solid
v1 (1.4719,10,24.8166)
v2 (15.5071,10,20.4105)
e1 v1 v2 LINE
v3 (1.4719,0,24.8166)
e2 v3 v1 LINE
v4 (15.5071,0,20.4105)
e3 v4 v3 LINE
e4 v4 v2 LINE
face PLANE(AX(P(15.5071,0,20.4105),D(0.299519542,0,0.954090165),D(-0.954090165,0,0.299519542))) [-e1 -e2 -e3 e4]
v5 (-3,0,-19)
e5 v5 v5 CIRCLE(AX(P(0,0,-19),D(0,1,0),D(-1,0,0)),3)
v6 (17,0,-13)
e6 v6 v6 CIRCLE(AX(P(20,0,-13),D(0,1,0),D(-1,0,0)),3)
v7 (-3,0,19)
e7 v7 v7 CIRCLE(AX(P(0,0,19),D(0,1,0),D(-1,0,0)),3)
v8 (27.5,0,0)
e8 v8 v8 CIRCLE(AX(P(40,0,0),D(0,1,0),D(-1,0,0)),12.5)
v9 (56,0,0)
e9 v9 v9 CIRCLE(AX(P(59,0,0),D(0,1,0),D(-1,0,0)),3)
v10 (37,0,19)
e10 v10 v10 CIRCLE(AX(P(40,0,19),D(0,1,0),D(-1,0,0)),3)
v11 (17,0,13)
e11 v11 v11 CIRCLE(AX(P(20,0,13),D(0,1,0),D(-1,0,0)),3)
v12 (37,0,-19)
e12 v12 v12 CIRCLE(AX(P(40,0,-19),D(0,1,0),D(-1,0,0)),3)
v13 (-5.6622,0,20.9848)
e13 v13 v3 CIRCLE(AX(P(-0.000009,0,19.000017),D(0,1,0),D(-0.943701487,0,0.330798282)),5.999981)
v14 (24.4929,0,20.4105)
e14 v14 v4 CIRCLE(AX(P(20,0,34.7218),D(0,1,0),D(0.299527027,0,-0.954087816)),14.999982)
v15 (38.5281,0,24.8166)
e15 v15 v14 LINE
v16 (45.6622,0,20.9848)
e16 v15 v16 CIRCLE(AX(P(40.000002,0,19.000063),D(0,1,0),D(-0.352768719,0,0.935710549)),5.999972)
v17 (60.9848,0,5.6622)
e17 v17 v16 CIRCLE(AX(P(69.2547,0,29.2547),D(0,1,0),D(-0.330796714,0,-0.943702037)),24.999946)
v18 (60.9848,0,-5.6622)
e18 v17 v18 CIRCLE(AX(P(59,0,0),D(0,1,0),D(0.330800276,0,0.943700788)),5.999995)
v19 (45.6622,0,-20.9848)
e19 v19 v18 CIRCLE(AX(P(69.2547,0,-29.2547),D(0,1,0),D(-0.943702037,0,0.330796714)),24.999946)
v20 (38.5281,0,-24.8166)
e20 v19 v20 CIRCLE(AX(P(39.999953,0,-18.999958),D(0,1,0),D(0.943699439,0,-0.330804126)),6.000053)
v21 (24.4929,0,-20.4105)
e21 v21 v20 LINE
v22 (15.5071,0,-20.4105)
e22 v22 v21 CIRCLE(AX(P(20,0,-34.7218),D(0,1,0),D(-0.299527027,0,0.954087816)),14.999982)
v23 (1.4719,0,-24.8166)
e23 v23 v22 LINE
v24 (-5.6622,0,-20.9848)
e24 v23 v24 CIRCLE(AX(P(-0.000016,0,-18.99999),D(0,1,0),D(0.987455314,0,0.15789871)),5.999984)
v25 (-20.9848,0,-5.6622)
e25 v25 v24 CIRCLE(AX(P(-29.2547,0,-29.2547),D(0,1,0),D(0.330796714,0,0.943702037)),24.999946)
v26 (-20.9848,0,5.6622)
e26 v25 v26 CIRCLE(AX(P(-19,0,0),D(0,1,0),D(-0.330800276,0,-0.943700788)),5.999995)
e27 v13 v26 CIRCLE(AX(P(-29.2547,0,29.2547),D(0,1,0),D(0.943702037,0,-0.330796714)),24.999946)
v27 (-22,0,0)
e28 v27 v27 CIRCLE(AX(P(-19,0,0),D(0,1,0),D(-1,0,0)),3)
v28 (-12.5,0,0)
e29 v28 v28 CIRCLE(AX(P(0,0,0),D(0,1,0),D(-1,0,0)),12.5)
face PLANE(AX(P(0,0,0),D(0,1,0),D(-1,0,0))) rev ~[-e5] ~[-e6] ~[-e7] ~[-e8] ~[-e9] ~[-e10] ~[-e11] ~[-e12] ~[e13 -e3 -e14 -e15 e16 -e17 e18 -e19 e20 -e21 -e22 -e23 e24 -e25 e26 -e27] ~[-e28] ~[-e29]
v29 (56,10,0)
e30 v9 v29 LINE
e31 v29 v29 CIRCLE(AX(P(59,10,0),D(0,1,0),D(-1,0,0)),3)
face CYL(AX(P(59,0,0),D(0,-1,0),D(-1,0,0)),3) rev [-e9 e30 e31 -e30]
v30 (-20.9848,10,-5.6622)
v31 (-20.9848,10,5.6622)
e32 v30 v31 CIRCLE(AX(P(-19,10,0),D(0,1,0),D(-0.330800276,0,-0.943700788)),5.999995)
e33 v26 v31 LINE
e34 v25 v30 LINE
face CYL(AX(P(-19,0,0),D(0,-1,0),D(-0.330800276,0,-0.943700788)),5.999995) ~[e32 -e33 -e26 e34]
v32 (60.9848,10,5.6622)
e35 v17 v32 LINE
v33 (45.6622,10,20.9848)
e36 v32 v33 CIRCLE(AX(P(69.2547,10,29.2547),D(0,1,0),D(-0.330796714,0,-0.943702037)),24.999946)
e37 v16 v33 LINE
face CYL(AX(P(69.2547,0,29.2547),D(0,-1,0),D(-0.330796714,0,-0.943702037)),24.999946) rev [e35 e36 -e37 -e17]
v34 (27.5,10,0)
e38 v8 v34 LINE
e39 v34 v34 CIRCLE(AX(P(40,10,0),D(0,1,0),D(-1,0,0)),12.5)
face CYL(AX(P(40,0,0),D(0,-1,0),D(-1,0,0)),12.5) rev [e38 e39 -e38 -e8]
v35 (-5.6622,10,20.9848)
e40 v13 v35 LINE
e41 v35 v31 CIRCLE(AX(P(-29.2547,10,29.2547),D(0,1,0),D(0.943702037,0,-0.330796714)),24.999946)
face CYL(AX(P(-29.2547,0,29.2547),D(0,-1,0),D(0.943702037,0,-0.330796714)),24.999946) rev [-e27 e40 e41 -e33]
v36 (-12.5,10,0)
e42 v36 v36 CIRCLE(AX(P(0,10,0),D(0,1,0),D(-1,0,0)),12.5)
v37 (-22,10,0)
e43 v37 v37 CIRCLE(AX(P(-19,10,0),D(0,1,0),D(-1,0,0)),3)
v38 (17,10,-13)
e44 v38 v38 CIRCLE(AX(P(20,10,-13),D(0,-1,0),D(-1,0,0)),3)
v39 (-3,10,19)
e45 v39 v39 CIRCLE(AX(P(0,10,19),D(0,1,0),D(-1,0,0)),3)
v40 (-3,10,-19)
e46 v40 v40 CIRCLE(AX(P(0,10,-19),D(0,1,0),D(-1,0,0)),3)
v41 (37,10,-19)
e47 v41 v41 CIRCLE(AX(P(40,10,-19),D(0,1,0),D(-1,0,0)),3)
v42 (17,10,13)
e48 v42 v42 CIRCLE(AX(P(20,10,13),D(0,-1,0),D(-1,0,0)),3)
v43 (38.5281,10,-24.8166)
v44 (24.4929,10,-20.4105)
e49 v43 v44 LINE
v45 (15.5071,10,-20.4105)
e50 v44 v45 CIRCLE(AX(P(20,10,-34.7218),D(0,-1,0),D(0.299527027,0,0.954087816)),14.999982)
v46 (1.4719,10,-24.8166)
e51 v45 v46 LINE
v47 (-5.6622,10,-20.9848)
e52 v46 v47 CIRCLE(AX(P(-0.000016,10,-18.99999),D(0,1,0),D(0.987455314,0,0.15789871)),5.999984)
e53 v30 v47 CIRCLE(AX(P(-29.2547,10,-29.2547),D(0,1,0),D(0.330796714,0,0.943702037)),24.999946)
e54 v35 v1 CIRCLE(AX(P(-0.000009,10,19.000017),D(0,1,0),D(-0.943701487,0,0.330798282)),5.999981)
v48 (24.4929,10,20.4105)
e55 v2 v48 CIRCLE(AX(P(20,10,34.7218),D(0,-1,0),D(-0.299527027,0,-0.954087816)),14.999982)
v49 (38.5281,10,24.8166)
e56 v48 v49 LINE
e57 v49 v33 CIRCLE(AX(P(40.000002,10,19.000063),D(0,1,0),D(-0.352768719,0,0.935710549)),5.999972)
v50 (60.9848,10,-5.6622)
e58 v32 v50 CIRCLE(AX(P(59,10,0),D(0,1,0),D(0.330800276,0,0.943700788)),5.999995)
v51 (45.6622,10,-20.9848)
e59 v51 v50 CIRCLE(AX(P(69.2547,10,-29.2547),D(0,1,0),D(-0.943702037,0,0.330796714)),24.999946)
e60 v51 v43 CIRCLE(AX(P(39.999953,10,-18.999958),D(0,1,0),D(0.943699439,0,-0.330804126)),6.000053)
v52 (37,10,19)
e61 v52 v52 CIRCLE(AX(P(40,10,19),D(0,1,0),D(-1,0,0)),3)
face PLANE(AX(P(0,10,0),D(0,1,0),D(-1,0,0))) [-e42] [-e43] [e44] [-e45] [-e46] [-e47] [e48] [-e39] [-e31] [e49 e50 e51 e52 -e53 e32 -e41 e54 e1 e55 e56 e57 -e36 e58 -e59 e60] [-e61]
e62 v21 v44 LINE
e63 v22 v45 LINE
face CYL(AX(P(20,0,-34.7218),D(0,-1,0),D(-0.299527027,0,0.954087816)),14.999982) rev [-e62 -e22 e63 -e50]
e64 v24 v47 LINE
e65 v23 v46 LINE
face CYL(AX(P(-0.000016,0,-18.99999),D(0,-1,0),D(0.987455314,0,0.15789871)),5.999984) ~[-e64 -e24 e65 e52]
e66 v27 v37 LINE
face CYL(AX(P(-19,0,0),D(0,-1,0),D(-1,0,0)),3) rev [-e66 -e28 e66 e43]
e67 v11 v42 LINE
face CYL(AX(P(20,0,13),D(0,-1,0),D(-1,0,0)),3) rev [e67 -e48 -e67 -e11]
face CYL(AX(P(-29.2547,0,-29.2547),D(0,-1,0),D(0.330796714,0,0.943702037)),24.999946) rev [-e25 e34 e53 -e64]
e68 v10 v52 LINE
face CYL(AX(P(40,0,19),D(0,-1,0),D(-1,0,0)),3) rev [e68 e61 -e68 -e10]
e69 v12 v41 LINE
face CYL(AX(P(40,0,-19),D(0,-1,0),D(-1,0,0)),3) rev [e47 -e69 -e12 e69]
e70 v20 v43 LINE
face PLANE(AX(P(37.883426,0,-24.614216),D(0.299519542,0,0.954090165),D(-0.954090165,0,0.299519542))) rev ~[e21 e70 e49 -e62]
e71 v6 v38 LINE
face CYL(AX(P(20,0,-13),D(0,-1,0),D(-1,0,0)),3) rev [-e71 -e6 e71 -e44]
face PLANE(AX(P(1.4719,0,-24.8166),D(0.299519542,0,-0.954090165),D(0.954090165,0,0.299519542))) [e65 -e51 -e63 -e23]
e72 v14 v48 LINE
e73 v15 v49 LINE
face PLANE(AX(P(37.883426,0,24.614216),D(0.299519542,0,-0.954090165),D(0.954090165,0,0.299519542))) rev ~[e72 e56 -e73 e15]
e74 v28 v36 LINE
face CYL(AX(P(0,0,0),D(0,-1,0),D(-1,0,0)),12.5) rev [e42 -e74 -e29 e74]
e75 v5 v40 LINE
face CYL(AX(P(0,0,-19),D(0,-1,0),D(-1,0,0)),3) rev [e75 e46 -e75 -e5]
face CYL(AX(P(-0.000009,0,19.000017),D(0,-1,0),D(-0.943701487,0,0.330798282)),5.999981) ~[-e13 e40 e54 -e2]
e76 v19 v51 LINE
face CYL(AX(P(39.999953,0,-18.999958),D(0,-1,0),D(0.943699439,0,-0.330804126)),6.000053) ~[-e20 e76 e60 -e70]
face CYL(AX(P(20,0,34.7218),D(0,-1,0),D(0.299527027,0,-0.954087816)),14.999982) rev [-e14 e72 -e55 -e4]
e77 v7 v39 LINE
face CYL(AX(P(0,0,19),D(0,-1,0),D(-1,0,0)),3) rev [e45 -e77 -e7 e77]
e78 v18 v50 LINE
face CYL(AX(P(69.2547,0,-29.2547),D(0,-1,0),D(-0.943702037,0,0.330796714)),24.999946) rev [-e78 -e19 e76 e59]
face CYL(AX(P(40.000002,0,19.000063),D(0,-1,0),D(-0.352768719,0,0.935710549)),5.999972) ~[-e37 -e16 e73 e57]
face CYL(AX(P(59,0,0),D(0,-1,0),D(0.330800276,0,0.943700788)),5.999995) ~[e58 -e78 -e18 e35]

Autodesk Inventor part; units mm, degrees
ref_plane "YZ Plane" through (0, 0, 0) normal (1, 0, 0) x (0, 1, 0)
ref_plane "XZ Plane" through (0, 0, 0) normal (0, 1, 0) x (-1, 0, 0)
ref_plane "XY Plane" through (0, 0, 0) normal (0, 0, 1) x (1, 0, 0)
sketch "Sketch1" plane through (0, 0, 0) normal (0, 1, 0) x (-1, 0, 0)
  circle A0 centre (0, 0) radius 12.5
  arc A1 (20.9848, -5.6622) -> (20.9848, 5.6622) centre (19, 0) ccw
  arc A2 (5.6622, 20.9848) -> (-5.9247, 18.0526) centre (0, 19) ccw
  arc A3 (-5.9247, -18.0526) -> (5.6622, -20.9848) centre (0, -19) ccw
  arc A4 (5.6622, 20.9848) -> (20.9848, 5.6622) centre (29.2547, 29.2547) ccw
  arc A5 (20.9848, -5.6622) -> (5.6622, -20.9848) centre (29.2547, -29.2547) ccw
  line L0 (-20, 15) -> (-20, -19.7218)
  line L1 (-20, 15) -> (-20, 19.7218)
  circle A6 centre (-20, 13) radius 3
  circle A7 centre (-20, -13) radius 3
  line L2 (-20, 0) -> (-15, 0)
  circle A8 centre (0, 19) radius 3
  circle A9 centre (19, 0) radius 3
  circle A10 centre (0, -19) radius 3
  circle A11 centre (-40, 0) radius 12.5
  arc A12 (-60.9848, 5.6622) -> (-60.9848, -5.6622) centre (-59, 0) ccw
  arc A13 (-37.8834, 24.6143) -> (-45.6622, 20.9848) centre (-40, 19) ccw
  arc A14 (-45.6622, -20.9848) -> (-37.8834, -24.6143) centre (-40, -19) ccw
  arc A15 (-60.9848, 5.6622) -> (-45.6622, 20.9848) centre (-69.2547, 29.2547) ccw
  arc A16 (-45.6622, -20.9848) -> (-60.9848, -5.6622) centre (-69.2547, -29.2547) ccw
  circle A17 centre (-20, 13) radius 3
  circle A18 centre (-20, -13) radius 3
  line L3 (-20, 0) -> (-25, 0)
  circle A19 centre (-40, 19) radius 3
  circle A20 centre (-59, 0) radius 3
  circle A21 centre (-40, -19) radius 3
  line L4 (-15.5071, 20.4105) -> (-1.4719, 24.8166)
  line L5 (-24.4929, 20.4105) -> (-38.5281, 24.8166)
  line L6 (-1.4719, -24.8166) -> (-15.5071, -20.4105)
  line L7 (-38.5281, -24.8166) -> (-24.4929, -20.4105)
  arc A22 (-20.599, 19.1881) -> (-19.401, 19.1881) centre (-20, 21.0962) ccw
  arc A23 (-24.4929, 20.4105) -> (-15.5071, 20.4105) centre (-20, 34.7218) ccw
  arc A24 (-15.5071, -20.4105) -> (-24.4929, -20.4105) centre (-20, -34.7218) ccw
  point P0 (-34.0753, 18.0526)
  point P1 (-34.0753, -18.0526)
  point P2 (-20, 19)
  point P3 (-20, -19)
  dimension "d46" = 25
  dimension "d48" = 12
  dimension "d49" = 12
  dimension "d50" = 12
  dimension "d51" = 50
  dimension "d52" = 26.8701
  dimension "d53" = 26.8701
  dimension "d54" = 50
  dimension "d55" = 20
  dimension "d56" = 6
  dimension "d57" = 6
  dimension "d58" = 13
  dimension "d59" = 13
  dimension "d60" = 6
  dimension "d61" = 6
  dimension "d62" = 6
  dimension "d65" = 19
  dimension "d66" = 19
  dimension "d67" = 19
  dimension "d68" = 6
  dimension "d69" = 6
  dimension "d70" = 2
  dimension "d71" = 15
extrude "Extrusion1" add sketch "Sketch1" along normal blind 10 contours A5 A3 L6 A24 L0 A7 A6 L1 A23 L4 A2 A4 A1 | A24 L7 A14 A16 A12 A15 A13 L5 A23 L1 A6 L0 A7
equation "\"d49\" = d48"
equation "\"d50\" = d48"
equation "\"d59\" = d58"
equation "\"d28\" = d27"
equation "\"d29\" = d28"
equation "\"d30\" = d29"
equation "\"d27\" = 72deg"
